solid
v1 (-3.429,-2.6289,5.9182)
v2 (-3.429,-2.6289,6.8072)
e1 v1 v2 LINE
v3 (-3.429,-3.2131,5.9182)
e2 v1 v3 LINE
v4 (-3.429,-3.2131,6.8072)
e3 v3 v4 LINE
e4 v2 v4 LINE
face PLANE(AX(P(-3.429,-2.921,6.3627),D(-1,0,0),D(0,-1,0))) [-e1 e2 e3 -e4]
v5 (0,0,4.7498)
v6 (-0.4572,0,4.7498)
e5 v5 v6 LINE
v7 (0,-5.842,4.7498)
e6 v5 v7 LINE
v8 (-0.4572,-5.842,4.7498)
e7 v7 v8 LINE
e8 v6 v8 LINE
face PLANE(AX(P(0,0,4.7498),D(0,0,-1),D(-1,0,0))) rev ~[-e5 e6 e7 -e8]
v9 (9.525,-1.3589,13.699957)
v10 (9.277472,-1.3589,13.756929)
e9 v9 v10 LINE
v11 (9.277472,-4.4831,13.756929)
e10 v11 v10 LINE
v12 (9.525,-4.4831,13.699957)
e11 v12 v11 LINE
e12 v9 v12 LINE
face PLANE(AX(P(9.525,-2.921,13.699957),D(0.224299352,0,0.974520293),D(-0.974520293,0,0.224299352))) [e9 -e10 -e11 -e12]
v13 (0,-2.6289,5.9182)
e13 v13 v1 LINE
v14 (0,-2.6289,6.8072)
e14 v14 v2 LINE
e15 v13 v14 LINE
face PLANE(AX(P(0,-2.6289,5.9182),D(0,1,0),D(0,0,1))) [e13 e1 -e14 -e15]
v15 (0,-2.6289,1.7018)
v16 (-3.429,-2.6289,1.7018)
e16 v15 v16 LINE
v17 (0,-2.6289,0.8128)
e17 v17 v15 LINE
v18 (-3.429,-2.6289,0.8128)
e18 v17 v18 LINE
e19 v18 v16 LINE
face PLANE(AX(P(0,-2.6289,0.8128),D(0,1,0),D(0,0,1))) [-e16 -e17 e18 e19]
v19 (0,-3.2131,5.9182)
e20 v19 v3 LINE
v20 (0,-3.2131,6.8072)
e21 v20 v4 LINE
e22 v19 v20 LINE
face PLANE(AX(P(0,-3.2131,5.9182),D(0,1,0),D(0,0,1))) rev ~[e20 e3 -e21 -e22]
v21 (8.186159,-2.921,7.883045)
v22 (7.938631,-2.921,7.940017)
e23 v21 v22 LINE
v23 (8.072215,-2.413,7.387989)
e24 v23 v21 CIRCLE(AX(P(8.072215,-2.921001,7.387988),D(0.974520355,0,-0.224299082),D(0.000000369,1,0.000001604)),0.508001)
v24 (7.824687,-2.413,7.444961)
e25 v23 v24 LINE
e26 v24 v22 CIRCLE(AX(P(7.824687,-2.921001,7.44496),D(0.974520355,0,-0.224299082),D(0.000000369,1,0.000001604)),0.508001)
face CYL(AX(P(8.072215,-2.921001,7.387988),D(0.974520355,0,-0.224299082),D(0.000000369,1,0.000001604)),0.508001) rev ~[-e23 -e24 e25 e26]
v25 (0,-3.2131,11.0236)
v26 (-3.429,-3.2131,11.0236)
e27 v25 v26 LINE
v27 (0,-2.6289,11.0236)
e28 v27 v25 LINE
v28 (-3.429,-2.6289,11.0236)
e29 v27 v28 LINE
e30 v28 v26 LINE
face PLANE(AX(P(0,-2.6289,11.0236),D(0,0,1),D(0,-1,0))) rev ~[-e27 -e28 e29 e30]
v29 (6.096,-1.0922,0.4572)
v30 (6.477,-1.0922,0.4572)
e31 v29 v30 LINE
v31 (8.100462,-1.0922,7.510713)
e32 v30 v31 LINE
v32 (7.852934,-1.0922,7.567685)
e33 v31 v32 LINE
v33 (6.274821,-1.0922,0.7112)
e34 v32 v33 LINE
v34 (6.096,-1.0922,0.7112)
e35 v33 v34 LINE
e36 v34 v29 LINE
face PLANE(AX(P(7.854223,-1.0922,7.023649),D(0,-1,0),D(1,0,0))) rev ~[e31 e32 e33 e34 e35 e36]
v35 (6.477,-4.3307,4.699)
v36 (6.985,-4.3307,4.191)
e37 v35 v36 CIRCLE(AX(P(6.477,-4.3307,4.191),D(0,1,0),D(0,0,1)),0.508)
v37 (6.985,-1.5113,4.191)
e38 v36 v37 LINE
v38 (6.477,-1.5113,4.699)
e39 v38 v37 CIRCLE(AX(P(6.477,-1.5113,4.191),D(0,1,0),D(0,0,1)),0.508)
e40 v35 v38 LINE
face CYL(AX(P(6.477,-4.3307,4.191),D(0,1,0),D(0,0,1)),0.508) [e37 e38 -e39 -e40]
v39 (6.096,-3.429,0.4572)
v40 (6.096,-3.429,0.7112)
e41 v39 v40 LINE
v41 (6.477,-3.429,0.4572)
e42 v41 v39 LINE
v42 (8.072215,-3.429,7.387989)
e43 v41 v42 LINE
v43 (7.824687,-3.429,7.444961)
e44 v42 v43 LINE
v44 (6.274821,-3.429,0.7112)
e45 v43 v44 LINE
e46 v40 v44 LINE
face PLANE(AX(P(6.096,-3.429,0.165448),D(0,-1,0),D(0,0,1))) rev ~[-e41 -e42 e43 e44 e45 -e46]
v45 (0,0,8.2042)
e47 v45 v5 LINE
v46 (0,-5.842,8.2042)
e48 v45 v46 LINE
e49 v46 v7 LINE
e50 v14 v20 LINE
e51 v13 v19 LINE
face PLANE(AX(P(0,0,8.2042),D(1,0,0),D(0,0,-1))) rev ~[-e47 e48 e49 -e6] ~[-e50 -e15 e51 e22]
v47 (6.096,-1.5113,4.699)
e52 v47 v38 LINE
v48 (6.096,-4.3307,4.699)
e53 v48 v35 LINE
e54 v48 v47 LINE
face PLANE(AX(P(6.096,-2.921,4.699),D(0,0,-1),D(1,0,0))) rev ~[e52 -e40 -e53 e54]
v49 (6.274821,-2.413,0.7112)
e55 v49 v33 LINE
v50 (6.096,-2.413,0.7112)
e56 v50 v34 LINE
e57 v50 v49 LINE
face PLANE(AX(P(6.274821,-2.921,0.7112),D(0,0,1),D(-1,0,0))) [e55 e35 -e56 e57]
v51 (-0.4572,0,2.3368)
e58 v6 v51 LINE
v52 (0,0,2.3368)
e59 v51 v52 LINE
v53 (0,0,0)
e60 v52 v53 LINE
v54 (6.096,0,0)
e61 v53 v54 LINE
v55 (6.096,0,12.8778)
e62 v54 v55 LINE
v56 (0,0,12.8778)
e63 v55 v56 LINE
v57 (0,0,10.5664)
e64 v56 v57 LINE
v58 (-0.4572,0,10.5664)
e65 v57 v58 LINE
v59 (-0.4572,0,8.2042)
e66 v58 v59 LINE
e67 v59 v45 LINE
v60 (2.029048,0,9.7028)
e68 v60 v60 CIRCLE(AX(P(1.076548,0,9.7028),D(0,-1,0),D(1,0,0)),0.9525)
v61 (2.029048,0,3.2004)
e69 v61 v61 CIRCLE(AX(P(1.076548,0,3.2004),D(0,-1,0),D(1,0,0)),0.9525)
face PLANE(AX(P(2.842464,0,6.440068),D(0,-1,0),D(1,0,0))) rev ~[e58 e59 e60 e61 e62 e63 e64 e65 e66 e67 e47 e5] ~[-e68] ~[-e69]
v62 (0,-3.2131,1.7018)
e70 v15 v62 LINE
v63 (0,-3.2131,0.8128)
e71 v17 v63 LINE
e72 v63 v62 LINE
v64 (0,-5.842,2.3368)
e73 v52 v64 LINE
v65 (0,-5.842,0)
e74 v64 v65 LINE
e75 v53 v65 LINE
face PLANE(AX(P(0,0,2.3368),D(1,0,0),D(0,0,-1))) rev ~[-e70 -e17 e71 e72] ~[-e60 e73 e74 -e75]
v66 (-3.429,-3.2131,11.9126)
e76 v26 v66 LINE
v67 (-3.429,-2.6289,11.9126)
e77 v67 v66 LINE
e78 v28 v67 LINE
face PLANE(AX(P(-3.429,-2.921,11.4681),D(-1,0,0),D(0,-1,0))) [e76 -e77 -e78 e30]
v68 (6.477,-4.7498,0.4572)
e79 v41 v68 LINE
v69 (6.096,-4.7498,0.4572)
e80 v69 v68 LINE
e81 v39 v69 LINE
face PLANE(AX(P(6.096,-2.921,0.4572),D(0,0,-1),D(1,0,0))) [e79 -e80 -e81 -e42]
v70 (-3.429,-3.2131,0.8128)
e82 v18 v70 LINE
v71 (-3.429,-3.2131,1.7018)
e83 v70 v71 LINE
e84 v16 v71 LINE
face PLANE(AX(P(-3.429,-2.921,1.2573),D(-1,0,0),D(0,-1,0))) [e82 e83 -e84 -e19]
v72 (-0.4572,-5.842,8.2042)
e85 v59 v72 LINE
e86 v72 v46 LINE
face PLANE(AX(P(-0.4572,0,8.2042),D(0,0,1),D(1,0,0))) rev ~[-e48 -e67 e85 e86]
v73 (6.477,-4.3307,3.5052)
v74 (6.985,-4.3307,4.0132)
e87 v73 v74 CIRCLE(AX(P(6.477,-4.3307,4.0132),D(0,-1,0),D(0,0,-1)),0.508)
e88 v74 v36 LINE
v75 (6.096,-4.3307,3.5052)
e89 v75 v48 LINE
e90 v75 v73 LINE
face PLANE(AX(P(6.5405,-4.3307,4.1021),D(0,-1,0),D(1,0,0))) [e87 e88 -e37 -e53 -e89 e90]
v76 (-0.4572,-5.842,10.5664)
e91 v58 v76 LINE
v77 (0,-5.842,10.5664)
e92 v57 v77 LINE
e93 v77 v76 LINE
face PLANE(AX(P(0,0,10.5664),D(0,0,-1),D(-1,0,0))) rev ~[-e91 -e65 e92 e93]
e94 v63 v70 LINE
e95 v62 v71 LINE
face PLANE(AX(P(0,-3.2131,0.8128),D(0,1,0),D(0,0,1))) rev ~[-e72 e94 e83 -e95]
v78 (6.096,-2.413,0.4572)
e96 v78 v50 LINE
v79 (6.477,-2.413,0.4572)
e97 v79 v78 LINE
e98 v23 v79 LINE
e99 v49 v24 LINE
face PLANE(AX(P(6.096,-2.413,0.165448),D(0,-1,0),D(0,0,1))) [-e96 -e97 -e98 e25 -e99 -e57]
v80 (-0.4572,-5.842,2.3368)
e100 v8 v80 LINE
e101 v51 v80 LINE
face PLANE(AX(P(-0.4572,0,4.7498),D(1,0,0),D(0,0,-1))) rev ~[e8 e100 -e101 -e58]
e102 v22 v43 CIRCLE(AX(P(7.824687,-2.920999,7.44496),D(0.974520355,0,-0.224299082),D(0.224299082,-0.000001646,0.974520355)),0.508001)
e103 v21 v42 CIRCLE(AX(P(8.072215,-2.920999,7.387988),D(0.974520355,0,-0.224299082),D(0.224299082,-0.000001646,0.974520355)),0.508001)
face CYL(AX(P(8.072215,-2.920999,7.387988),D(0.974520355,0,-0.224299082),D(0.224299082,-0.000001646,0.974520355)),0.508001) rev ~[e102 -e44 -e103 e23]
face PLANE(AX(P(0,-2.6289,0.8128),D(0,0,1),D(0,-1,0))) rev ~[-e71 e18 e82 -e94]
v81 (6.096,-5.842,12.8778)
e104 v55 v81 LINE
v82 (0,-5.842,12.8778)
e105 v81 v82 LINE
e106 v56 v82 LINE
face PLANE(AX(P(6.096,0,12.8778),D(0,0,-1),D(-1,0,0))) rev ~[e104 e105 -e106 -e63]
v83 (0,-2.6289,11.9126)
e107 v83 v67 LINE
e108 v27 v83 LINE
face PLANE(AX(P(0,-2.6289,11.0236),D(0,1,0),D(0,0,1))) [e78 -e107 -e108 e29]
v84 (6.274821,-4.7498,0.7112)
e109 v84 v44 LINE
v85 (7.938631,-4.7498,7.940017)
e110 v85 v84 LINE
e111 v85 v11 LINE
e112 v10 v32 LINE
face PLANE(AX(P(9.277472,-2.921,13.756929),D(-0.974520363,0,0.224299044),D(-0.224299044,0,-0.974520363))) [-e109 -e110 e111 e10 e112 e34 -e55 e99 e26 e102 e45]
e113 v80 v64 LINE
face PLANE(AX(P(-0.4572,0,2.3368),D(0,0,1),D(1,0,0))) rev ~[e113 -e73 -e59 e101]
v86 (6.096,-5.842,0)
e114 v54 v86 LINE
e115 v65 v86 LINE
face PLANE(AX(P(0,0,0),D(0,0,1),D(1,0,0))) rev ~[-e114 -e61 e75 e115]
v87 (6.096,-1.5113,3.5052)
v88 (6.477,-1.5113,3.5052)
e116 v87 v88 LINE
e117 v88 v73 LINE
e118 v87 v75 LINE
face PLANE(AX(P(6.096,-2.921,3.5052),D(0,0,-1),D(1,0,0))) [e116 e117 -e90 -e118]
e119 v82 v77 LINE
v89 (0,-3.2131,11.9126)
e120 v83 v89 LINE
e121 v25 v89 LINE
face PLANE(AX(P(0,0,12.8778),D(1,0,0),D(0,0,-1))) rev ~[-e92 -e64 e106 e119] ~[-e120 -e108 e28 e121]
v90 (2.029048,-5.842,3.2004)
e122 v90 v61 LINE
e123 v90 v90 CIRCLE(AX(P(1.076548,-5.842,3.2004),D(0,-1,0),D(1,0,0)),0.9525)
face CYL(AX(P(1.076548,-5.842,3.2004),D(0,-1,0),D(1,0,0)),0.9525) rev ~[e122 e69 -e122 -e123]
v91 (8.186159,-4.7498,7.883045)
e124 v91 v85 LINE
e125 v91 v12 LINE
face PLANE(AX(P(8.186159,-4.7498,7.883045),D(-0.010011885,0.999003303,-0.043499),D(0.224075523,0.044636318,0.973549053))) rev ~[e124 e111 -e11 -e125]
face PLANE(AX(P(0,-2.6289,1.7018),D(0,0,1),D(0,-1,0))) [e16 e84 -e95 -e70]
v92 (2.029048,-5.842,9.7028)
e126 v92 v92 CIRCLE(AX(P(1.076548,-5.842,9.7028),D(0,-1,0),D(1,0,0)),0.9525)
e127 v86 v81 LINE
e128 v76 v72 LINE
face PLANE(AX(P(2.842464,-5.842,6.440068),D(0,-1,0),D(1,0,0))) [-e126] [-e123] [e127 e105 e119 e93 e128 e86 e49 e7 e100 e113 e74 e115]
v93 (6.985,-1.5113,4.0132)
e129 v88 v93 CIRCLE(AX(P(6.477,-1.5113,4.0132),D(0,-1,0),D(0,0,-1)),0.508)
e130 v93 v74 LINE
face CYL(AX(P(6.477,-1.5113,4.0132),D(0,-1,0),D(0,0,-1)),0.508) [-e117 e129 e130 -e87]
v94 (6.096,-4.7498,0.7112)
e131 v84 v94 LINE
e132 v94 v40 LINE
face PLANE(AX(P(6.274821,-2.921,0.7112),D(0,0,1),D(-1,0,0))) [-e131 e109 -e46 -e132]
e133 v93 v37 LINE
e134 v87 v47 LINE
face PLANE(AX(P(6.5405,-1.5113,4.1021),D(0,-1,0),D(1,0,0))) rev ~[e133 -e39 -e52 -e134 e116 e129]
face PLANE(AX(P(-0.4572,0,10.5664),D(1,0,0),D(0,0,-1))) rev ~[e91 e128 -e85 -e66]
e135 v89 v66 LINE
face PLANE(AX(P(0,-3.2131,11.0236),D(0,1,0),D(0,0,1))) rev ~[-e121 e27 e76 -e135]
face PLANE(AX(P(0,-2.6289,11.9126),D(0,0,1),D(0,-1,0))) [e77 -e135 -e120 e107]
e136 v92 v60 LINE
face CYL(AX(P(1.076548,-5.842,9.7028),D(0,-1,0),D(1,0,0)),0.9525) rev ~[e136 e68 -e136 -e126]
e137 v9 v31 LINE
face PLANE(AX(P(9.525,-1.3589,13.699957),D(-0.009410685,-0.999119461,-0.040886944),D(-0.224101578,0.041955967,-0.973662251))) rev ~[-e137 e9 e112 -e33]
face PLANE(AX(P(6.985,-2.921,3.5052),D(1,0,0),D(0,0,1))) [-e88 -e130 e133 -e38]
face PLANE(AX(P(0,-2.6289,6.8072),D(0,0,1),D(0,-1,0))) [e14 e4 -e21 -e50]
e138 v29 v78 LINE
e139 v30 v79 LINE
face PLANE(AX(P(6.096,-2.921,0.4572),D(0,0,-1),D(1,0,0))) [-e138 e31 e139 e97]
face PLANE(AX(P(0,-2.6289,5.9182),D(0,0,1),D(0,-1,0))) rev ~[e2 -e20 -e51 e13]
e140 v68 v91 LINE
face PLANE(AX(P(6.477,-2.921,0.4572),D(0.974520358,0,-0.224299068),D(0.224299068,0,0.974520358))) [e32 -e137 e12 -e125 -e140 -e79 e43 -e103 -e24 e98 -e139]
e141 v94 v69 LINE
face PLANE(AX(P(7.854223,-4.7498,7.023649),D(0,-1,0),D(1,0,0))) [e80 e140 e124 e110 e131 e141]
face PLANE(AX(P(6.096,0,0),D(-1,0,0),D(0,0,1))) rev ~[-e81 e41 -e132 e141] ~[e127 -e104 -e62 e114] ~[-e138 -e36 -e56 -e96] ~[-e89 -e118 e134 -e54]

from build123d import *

# Parameters (mm, degrees)
F1_DEPTH  = 5.842
F2_R      = 0.9525
F3_DEPTH  = 25.4
F5_W      = 0.889
F5_H      = 1.1938
F6_DEPTH  = 1.4097
F7_R      = 0.508
F9_DEPTH  = 1.8288
F11_DEPTH = 0.254
F12_W     = 1.016
F12_H     = 0.936952
F13_DEPTH = 25.4
F14_W     = 0.5842
F14_H     = 0.889
F15_DEPTH = 3.429


with BuildPart() as f1:
    # F0 (on Front) → F1 (new body)
    with BuildSketch(Plane.XZ):
        Polygon((0, 2.3368), (0, 0), (6.096, 0), (6.096, 12.8778), (0, 12.8778), (0, 10.5664), (-0.4572, 10.5664), (-0.4572, 8.2042), (0, 8.2042), (0, 4.7498), (-0.4572, 4.7498), (-0.4572, 2.3368), align=None)
    extrude(amount=F1_DEPTH)

    # F2 (on face) → F3 (cut)
    with BuildSketch(Plane.XZ.offset(5.842)):
        with Locations((1.076548, 9.7028)):
            Circle(F2_R)
        with Locations((1.076548, 3.2004)):
            Circle(F2_R)
    extrude(amount=-F3_DEPTH, mode=Mode.SUBTRACT)

    # F5 (on offset) → F6 (join, symmetric)
    with BuildSketch(Plane.XZ.offset(2.921)):
        with Locations((6.5405, 4.1021)):
            Rectangle(F5_W, F5_H)
    extrude(amount=F6_DEPTH, both=True)

    # F7
    f7_edges = [f1.edges().sort_by_distance(p)[0] for p in [
        (6.985, -2.921, 4.699),
        (6.985, -2.921, 3.5052),
    ]]
    fillet(f7_edges, radius=F7_R)

    # F8 (on offset) → F9 (join, symmetric)
    with BuildSketch(Plane.XZ.offset(2.921)):
        Polygon((6.096, 0.7112), (6.096, 0.4572), (6.477, 0.4572), (9.525, 13.699957), (9.277472, 13.756929), (6.274821, 0.7112), align=None)
    extrude(amount=F9_DEPTH, both=True)

    # F10 (on face) → F11 (cut)
    with BuildSketch(Plane(origin=(6.051205, 0, -1.392767), x_dir=(0, 1, 0), z_dir=(0.97452, 0, -0.224299))):
        Polygon((-4.7498, 9.518336), (-4.4831, 15.487336), (-4.7498, 15.487336), align=None)
        Polygon((-1.0922, 9.136269), (-1.0922, 15.487336), (-1.3589, 15.487336), align=None)
        with BuildLine():
            Line((-3.429, 9.010336), (-3.429, 1.898336))
            Line((-3.429, 1.898336), (-2.413, 1.898336))
            Line((-2.413, 1.898336), (-2.413, 9.010336))
            ThreePointArc((-2.413, 9.010336), (-2.56179, 9.369546), (-2.921, 9.518336))
            ThreePointArc((-2.921, 9.518336), (-3.28021, 9.369546), (-3.429, 9.010336))
        make_face()
    extrude(amount=-F11_DEPTH, mode=Mode.SUBTRACT)

    # F12 (on face) → F13 (cut)
    with BuildSketch(Plane.YZ.offset(6.096)):
        with Locations((-2.921, 0.633924)):
            Rectangle(F12_W, F12_H)
    extrude(amount=F13_DEPTH, mode=Mode.SUBTRACT)

    # F14 (on face) → F15 (join)
    with BuildSketch(Plane(origin=(0, 0, 0), x_dir=(0, -1, 0), z_dir=(-1, 0, 0))):
        with Locations((2.921, 6.3627)):
            Rectangle(F14_W, F14_H)
        with Locations((2.921, 11.4681)):
            Rectangle(F14_W, F14_H)
        with Locations((2.921, 1.2573)):
            Rectangle(F14_W, F14_H)
    extrude(amount=F15_DEPTH)


solid = f1.part
